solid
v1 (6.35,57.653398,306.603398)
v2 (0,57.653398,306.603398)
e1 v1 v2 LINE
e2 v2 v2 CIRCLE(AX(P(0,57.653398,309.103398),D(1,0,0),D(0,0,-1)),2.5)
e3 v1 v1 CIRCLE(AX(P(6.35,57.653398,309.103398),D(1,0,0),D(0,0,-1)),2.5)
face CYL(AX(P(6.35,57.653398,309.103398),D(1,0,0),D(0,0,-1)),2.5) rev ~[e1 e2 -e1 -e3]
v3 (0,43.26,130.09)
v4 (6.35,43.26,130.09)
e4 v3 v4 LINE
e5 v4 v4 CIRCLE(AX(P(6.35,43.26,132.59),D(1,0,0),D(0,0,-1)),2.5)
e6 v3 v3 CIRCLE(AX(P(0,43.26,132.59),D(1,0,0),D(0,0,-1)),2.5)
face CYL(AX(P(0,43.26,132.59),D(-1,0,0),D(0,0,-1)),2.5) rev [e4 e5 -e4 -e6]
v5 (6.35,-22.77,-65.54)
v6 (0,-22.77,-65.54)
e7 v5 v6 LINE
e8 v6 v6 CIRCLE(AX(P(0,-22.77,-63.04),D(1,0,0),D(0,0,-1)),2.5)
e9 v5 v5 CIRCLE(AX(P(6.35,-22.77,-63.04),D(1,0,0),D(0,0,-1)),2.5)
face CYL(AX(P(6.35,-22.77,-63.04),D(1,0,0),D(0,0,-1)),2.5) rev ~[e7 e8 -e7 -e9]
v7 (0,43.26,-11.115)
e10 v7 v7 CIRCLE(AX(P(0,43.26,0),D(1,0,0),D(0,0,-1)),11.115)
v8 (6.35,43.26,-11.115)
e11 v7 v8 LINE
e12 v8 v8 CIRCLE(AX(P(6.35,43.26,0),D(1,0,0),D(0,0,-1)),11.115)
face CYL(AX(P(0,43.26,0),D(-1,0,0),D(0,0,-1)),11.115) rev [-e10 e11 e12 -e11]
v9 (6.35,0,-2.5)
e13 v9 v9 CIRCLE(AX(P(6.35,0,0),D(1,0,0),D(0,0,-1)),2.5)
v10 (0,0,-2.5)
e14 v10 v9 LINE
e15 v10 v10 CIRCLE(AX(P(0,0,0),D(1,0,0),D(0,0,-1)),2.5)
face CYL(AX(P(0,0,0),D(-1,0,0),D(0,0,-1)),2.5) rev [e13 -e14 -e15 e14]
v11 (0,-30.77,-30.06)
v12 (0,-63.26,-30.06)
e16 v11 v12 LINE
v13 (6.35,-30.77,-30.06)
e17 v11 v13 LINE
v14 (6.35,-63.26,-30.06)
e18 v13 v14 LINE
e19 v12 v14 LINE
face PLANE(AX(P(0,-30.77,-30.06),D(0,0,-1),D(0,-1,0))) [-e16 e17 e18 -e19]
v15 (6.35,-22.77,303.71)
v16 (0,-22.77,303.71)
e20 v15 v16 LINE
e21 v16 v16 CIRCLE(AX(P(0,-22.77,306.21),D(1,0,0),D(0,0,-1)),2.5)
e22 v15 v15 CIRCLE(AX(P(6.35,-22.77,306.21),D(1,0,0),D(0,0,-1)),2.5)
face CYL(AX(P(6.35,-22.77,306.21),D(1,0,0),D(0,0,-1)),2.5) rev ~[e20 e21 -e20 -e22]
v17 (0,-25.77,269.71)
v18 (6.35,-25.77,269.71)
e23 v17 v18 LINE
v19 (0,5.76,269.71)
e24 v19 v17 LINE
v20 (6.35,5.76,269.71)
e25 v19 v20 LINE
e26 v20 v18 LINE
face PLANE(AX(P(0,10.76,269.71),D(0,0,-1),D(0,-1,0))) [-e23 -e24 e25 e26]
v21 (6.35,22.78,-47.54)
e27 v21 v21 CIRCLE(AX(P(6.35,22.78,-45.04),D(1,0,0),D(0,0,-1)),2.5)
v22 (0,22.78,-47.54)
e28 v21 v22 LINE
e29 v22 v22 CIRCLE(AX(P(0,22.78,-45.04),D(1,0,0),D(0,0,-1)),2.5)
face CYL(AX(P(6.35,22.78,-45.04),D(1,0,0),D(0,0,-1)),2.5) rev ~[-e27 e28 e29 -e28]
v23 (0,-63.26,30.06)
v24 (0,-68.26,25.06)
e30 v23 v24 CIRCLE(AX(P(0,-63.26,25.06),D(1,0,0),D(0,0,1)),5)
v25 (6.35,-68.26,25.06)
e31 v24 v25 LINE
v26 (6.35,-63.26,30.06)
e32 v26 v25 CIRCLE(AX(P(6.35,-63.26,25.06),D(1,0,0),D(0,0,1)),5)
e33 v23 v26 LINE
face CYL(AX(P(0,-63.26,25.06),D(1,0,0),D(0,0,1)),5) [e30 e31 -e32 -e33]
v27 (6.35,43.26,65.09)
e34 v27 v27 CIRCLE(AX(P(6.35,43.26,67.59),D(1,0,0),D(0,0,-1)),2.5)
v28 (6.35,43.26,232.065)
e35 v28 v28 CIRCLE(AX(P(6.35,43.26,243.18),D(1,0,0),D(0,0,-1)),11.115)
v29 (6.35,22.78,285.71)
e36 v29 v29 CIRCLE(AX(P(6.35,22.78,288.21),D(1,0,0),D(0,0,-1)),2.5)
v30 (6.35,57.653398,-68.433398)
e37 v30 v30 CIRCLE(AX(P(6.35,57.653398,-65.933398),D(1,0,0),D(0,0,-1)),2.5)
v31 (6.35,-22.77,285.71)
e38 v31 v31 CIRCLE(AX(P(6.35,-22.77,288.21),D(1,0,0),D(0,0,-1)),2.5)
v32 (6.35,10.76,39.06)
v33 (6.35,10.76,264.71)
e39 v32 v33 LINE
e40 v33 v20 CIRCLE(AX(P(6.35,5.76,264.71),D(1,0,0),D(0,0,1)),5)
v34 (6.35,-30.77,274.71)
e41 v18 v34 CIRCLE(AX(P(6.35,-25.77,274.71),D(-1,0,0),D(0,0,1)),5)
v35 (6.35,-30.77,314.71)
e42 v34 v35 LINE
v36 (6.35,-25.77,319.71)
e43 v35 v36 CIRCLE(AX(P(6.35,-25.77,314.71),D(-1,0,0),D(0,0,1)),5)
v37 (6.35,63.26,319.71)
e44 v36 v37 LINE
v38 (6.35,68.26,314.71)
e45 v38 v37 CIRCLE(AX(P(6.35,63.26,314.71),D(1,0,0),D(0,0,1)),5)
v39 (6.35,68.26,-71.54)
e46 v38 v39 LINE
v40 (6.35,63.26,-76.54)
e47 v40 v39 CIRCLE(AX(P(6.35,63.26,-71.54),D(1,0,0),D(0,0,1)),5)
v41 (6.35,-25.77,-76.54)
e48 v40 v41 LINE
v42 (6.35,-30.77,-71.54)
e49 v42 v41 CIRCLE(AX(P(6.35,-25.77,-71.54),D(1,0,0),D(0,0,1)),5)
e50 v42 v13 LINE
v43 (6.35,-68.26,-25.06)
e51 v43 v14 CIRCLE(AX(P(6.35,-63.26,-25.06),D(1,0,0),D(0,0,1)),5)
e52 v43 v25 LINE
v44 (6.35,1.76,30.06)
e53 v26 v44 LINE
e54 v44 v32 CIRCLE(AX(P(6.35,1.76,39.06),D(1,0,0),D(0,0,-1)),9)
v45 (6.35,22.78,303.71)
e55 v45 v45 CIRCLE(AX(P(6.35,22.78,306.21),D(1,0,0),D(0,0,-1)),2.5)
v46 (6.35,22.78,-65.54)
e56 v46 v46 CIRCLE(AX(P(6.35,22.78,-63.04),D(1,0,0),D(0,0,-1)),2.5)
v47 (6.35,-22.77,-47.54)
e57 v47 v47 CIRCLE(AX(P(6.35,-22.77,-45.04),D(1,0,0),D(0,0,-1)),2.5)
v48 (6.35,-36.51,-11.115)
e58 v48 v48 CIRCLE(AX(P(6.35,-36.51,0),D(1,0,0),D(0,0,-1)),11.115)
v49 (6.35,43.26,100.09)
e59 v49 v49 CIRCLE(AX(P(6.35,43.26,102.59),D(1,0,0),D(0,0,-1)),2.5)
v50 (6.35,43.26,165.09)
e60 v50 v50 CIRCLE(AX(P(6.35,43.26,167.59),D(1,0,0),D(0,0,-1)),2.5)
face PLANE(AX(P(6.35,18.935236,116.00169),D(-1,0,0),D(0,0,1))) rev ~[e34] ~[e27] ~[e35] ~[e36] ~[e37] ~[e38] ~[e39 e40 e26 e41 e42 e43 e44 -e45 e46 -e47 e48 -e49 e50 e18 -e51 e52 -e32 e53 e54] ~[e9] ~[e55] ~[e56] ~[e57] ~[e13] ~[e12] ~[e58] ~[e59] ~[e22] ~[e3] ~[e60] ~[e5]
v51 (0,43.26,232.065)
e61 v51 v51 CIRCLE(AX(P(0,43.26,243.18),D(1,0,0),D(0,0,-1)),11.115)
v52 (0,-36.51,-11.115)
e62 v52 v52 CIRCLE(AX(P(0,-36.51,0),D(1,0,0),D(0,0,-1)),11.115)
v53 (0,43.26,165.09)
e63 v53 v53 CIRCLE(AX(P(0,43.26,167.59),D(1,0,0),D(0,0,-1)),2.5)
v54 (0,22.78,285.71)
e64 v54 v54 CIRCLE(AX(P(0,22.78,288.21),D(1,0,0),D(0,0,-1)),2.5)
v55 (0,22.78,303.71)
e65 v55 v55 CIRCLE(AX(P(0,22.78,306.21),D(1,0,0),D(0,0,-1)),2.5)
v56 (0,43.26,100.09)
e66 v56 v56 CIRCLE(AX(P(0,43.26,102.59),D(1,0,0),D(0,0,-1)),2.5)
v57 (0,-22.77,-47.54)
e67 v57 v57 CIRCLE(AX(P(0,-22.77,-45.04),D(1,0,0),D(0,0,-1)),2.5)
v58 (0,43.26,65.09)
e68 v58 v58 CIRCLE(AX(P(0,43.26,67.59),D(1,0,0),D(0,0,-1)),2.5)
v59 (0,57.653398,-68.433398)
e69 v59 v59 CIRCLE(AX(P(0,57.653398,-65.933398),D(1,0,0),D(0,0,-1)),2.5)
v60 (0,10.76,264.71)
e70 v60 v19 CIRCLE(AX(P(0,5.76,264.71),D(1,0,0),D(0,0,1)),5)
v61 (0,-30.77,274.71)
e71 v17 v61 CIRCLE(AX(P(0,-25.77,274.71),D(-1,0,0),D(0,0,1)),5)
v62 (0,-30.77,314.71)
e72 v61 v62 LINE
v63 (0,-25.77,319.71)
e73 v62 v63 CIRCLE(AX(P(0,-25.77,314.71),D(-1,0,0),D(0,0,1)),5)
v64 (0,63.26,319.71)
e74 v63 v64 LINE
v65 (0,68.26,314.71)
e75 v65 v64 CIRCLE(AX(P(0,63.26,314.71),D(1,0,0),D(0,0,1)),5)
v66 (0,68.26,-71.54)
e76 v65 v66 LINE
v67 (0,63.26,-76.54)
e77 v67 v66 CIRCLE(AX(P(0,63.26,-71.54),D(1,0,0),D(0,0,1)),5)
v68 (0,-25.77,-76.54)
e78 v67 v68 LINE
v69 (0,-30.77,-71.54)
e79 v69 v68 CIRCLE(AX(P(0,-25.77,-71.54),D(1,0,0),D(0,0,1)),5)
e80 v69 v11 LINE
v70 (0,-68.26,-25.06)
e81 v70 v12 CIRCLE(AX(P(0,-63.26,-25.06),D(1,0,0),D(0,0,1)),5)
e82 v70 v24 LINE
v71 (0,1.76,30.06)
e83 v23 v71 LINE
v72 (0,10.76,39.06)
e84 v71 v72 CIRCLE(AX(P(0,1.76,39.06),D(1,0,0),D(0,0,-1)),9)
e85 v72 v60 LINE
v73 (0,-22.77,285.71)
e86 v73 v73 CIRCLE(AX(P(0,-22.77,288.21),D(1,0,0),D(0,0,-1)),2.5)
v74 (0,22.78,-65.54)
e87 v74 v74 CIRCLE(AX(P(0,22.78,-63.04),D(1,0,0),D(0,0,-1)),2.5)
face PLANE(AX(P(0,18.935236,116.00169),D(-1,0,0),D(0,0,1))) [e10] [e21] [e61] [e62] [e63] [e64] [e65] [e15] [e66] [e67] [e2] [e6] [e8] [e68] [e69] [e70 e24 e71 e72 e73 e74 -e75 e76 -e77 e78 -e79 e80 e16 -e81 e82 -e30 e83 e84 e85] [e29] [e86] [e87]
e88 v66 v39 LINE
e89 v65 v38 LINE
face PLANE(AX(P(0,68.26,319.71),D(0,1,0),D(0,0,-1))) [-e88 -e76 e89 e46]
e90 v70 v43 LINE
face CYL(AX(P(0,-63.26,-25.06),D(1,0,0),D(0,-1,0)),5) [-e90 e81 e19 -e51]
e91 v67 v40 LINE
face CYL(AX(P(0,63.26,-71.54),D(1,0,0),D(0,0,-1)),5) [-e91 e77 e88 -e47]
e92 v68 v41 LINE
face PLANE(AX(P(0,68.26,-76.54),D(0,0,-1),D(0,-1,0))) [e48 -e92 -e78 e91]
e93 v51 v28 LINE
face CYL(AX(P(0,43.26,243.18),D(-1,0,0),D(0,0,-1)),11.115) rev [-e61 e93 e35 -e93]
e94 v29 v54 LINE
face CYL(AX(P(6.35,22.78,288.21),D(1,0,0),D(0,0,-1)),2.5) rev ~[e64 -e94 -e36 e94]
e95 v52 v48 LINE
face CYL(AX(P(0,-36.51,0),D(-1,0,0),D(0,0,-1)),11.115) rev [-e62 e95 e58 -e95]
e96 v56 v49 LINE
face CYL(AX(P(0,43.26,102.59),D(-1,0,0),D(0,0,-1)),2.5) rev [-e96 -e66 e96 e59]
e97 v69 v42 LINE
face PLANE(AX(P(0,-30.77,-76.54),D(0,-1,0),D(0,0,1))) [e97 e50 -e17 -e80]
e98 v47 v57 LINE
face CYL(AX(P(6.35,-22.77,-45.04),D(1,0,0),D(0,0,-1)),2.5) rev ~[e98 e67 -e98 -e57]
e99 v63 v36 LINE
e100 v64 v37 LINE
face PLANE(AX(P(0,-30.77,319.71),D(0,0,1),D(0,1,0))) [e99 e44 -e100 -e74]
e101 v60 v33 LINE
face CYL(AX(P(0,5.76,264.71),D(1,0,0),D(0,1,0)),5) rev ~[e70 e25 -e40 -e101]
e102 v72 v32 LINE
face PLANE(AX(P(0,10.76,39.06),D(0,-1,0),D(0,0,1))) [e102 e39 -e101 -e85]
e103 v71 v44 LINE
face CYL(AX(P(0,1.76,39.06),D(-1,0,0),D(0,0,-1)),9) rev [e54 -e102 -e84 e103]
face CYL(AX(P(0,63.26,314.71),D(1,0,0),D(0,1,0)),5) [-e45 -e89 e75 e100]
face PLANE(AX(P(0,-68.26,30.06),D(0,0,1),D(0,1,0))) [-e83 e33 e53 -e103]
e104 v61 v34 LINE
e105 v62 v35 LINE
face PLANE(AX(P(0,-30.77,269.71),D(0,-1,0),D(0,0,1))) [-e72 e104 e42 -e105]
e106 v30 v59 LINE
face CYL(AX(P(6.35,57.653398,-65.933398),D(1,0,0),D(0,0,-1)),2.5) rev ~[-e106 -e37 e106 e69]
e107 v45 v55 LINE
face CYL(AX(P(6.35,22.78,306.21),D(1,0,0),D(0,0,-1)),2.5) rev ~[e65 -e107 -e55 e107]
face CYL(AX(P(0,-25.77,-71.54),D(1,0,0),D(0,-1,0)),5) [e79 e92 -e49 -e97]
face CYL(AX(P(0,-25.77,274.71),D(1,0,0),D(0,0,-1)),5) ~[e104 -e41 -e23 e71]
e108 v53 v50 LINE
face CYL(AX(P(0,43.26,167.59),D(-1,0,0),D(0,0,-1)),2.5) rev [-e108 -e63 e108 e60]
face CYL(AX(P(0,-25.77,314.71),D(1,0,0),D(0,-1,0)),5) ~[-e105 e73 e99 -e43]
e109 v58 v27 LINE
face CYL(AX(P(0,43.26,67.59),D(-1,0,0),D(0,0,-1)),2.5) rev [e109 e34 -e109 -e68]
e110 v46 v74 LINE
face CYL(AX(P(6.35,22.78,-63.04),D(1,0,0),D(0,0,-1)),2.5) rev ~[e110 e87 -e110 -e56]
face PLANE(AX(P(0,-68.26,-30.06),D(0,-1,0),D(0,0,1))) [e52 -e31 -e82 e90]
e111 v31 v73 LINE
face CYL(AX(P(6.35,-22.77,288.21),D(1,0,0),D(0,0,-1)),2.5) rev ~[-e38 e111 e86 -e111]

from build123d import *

# Parameters (mm, degrees)
CROQUIS1_R              = 11.115
CROQUIS1_R_2            = 2.5
SALIENTE_EXTRUIR1_DEPTH = 6.35
CROQUIS3_R              = 2.5
CORTAR_EXTRUIR1_DEPTH   = 10
REDONDEO1_R             = 5


with BuildPart() as part:
    # Croquis1 → Saliente-Extruir1 (new body)
    with BuildSketch(Plane(origin=(0, 0, 0), x_dir=(0, 0, -1), z_dir=(1, 0, 0))):
        with BuildLine():
            Line((-30.06, -68.26), (-30.06, 1.76))
            ThreePointArc((-30.06, 1.76), (-32.696038969, 8.123961031), (-39.06, 10.76))
            Line((-39.06, 10.76), (-269.71, 10.76))
            Line((-269.71, 10.76), (-269.71, -30.77))
            Line((-269.71, -30.77), (-319.71, -30.77))
            Line((-319.71, -30.77), (-319.71, 10.76))
            Line((-319.71, 10.76), (-319.71, 68.26))
            Line((-319.71, 68.26), (21.06, 68.26))
            Line((21.06, 68.26), (76.54, 68.26))
            Line((76.54, 68.26), (76.54, -30.77))
            Line((76.54, -30.77), (30.06, -30.77))
            Line((30.06, -30.77), (30.06, -68.26))
            Line((30.06, -68.26), (-30.06, -68.26))
        make_face()
        with Locations((0, 43.26)):
            Circle(CROQUIS1_R, mode=Mode.SUBTRACT)
        with Locations((0, -36.51)):
            Circle(CROQUIS1_R, mode=Mode.SUBTRACT)
        with Locations((-243.18, 43.26)):
            Circle(CROQUIS1_R, mode=Mode.SUBTRACT)
        Circle(CROQUIS1_R_2, mode=Mode.SUBTRACT)
        with Locations((-67.59, 43.26)):
            Circle(CROQUIS1_R_2, mode=Mode.SUBTRACT)
        with Locations((-167.59, 43.26)):
            Circle(CROQUIS1_R_2, mode=Mode.SUBTRACT)
        with Locations((-132.59, 43.26)):
            Circle(CROQUIS1_R_2, mode=Mode.SUBTRACT)
        with Locations((-102.59, 43.26)):
            Circle(CROQUIS1_R_2, mode=Mode.SUBTRACT)
    extrude(amount=SALIENTE_EXTRUIR1_DEPTH)

    # Croquis3 → Cortar-Extruir1 (cut)
    with BuildSketch(Plane(origin=(6.35, 0, 0), x_dir=(0, 0, -1), z_dir=(1, 0, 0))):
        with Locations((-288.21, -22.77)):
            Circle(CROQUIS3_R)
        with Locations((-306.21, -22.77)):
            Circle(CROQUIS3_R)
        with Locations((-306.21, 22.78)):
            Circle(CROQUIS3_R)
        with Locations((-288.21, 22.78)):
            Circle(CROQUIS3_R)
        with Locations((45.04, -22.77)):
            Circle(CROQUIS3_R)
        with Locations((63.04, -22.77)):
            Circle(CROQUIS3_R)
        with Locations((45.04, 22.78)):
            Circle(CROQUIS3_R)
        with Locations((63.04, 22.78)):
            Circle(CROQUIS3_R)
        with Locations((-309.103398282, 57.653398282)):
            Circle(CROQUIS3_R)
        with Locations((65.933398282, 57.653398282)):
            Circle(CROQUIS3_R)
    extrude(amount=-CORTAR_EXTRUIR1_DEPTH, mode=Mode.SUBTRACT)

    # Redondeo1
    redondeo1_edges = [part.edges().sort_by_distance(p)[0] for p in [
        (3.175, -68.26, -30.06),
        (3.175, -68.26, 30.06),
        (3.175, 10.76, 269.71),
        (3.175, -30.77, 269.71),
        (3.175, -30.77, 319.71),
        (3.175, 68.26, 319.71),
        (3.175, 68.26, -76.54),
        (3.175, -30.77, -76.54),
    ]]
    fillet(redondeo1_edges, radius=REDONDEO1_R)


solid = part.part
